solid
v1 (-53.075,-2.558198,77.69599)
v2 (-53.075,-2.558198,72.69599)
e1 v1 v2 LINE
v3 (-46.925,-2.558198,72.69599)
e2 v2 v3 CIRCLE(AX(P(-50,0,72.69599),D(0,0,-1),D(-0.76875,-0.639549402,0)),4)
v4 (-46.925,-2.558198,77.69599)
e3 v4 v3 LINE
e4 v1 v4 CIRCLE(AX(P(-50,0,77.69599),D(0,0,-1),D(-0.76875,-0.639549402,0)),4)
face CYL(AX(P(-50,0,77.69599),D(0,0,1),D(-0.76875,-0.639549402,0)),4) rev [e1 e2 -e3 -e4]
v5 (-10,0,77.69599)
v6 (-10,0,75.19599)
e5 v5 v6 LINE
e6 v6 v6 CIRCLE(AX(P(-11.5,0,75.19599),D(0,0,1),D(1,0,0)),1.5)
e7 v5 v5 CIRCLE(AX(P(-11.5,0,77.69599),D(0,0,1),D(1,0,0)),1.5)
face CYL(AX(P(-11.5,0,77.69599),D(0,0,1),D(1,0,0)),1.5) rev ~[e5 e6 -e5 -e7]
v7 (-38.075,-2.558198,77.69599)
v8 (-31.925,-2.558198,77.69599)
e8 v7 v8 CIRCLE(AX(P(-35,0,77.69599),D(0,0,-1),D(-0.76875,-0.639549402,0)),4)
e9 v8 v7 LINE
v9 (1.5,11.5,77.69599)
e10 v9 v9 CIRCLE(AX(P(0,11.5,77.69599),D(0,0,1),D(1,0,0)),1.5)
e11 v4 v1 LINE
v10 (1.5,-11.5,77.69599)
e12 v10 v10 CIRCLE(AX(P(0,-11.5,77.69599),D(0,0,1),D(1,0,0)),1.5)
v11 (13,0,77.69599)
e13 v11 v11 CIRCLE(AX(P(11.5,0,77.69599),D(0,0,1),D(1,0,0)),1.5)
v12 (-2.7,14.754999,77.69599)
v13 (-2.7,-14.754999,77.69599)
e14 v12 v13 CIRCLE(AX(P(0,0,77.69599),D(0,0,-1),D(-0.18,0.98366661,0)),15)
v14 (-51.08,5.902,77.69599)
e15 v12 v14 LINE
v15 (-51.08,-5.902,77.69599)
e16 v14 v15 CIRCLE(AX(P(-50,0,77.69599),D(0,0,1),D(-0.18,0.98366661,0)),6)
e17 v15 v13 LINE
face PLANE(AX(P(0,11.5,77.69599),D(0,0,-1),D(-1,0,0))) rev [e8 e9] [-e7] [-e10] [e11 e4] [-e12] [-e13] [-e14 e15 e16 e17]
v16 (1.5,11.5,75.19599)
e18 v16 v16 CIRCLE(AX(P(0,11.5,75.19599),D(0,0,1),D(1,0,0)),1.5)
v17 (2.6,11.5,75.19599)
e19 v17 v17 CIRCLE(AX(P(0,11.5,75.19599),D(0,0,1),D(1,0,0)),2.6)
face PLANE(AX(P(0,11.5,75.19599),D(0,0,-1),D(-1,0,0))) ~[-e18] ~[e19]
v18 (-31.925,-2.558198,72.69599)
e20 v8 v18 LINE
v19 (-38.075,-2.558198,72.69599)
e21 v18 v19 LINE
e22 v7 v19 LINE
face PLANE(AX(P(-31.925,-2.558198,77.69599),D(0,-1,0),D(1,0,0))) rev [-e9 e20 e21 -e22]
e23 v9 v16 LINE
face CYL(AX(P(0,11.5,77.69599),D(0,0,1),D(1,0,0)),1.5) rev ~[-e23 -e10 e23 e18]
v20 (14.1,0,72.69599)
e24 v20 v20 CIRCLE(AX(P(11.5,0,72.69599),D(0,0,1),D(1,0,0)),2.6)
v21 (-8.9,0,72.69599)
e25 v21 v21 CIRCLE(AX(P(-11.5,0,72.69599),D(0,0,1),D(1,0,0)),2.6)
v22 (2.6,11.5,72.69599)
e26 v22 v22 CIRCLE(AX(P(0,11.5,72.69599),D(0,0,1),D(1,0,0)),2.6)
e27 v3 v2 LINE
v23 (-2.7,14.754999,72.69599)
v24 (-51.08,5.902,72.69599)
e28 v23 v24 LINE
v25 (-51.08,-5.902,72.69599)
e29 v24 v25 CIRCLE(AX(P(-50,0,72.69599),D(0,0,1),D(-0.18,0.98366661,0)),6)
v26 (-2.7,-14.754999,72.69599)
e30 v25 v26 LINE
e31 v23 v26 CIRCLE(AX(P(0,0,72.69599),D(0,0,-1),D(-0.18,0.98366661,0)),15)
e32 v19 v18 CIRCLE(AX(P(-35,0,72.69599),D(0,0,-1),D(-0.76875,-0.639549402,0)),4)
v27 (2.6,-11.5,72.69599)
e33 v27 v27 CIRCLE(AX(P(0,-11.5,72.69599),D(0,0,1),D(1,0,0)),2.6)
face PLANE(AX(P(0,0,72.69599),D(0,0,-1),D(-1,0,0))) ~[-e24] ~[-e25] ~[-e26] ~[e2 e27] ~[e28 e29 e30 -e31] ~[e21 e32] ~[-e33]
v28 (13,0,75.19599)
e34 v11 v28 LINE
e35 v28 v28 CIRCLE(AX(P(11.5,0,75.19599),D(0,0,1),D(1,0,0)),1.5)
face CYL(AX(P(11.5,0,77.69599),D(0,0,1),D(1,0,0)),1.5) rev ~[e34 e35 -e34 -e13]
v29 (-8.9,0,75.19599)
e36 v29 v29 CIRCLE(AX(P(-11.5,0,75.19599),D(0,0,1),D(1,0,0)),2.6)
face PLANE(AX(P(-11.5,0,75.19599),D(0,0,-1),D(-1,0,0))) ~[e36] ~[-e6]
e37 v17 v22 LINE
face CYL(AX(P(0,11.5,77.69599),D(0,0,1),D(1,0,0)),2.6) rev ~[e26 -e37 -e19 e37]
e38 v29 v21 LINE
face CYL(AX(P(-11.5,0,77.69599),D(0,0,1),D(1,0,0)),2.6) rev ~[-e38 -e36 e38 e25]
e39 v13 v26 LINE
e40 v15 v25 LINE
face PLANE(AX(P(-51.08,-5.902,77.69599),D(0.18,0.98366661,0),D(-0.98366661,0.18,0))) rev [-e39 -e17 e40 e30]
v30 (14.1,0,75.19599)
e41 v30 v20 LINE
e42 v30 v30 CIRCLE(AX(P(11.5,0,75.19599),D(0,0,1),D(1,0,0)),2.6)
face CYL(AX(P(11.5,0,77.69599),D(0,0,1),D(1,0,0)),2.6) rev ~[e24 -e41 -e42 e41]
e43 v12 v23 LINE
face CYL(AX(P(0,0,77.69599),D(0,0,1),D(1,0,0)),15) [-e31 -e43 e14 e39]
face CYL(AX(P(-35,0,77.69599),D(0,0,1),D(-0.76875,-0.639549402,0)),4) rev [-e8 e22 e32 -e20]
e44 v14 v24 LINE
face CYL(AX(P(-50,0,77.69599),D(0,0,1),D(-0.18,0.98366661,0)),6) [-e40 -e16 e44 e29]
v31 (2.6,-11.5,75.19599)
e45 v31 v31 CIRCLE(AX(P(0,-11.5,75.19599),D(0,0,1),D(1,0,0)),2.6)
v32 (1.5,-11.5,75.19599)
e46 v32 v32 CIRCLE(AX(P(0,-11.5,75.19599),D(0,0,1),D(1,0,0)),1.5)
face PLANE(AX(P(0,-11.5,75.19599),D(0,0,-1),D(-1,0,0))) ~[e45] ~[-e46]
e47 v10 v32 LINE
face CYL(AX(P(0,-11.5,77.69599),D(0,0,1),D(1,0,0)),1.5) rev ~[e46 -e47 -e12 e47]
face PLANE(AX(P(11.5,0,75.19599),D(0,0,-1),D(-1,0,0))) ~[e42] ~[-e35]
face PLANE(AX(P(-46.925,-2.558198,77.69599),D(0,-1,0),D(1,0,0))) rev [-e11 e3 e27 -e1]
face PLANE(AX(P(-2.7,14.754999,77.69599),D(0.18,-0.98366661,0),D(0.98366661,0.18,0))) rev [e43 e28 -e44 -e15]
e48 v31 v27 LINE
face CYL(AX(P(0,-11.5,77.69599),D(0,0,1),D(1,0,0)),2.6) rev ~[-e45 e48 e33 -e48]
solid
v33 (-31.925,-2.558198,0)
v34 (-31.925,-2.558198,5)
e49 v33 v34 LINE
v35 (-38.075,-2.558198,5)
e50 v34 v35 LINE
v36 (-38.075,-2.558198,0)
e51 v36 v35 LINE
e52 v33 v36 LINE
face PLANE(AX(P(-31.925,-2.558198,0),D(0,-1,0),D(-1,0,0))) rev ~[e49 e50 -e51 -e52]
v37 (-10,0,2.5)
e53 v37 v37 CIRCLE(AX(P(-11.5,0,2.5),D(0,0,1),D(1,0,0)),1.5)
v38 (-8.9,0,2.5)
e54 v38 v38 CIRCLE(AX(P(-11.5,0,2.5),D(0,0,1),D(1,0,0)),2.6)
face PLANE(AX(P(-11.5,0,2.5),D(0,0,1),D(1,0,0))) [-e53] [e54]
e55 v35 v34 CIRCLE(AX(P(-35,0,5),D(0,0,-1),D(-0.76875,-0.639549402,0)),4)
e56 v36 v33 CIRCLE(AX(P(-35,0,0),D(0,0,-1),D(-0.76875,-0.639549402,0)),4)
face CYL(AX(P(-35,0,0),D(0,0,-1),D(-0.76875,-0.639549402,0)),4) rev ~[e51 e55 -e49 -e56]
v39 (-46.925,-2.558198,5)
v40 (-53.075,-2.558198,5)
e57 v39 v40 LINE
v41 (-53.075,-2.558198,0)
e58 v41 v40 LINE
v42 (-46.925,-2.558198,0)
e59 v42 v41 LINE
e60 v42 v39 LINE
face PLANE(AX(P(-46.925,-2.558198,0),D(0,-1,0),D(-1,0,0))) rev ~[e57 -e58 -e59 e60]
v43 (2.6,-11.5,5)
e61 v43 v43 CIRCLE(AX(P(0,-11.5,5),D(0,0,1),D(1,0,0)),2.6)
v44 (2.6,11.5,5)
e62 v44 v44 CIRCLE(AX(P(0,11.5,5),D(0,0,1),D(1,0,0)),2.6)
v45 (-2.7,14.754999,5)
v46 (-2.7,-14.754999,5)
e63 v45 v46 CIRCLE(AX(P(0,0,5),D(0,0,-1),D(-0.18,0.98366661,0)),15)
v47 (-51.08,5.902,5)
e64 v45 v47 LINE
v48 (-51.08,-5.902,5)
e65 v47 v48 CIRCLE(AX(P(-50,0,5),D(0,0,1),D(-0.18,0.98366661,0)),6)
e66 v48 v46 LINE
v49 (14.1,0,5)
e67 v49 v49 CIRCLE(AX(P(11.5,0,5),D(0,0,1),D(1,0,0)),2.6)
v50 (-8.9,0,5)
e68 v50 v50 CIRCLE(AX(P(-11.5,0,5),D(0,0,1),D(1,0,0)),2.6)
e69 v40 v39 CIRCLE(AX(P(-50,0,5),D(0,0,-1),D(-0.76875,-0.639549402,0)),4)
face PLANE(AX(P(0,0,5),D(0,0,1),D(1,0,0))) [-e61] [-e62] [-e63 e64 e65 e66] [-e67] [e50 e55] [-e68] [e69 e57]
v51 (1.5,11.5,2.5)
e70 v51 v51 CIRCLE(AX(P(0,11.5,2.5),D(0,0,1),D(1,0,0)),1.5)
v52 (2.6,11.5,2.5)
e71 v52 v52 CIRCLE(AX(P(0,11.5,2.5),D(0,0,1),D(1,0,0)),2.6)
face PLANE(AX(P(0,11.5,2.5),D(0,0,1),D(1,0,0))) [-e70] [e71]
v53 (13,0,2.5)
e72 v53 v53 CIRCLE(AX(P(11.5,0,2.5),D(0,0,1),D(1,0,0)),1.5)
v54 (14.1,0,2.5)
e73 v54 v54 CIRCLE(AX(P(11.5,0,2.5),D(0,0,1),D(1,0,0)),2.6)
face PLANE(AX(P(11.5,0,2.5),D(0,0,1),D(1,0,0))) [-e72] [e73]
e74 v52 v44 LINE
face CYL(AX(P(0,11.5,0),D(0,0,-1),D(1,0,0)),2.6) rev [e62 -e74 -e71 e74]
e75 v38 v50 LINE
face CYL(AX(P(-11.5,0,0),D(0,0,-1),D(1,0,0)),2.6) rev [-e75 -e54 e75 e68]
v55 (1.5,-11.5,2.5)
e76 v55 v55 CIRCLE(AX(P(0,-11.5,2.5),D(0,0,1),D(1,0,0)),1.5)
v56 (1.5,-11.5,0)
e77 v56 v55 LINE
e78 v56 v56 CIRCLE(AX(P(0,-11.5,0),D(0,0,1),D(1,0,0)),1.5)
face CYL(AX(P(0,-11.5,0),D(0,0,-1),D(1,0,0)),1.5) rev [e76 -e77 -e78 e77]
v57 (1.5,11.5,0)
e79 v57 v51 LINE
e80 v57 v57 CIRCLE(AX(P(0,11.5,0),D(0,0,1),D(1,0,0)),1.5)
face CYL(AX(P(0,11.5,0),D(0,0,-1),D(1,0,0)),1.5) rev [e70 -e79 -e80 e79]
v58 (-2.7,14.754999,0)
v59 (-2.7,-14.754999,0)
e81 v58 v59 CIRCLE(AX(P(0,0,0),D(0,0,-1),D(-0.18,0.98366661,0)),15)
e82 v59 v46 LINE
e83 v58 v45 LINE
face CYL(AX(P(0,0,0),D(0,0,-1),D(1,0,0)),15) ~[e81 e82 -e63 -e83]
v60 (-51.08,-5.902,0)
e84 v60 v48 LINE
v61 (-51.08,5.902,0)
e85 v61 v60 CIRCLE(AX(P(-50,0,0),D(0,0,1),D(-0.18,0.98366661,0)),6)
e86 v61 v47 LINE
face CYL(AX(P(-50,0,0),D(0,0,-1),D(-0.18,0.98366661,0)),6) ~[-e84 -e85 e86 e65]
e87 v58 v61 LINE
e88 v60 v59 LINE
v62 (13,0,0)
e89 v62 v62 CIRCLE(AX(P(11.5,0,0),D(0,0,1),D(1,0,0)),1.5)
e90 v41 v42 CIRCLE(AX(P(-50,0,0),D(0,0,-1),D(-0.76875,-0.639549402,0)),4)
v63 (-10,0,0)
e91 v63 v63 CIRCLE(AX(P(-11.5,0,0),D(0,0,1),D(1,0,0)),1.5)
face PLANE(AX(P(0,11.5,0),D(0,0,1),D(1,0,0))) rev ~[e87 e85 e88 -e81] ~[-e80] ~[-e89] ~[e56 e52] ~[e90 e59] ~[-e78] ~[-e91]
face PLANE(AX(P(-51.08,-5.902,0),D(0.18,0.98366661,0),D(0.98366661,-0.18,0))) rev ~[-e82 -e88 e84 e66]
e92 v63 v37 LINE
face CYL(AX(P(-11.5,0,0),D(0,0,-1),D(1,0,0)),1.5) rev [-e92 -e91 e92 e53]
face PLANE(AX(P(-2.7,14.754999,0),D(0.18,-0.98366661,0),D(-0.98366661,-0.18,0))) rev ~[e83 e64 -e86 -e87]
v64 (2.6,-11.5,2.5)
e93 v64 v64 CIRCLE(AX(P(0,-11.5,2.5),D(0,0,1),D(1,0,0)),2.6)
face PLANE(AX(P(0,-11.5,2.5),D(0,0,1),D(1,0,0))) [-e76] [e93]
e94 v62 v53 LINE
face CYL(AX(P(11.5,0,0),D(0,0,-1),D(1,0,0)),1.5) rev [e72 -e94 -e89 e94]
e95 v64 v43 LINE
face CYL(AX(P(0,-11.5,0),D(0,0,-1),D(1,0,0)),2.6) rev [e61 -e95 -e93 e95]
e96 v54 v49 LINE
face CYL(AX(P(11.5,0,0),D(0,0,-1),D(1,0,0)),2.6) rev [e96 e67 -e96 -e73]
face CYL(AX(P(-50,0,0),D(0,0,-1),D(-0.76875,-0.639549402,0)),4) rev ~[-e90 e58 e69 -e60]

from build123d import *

# Parameters (mm, degrees)
SKETCH1_R           = 15
SKETCH1_R_2         = 2.6
BOSS_EXTRUDE1_DEPTH = 5
SKETCH1_3_R         = 2.6
SKETCH1_3_R_2       = 1.5
BOSS_EXTRUDE2_DEPTH = 2.5
BOSS_EXTRUDE3_DEPTH = 5


with BuildPart() as part:
    # Sketch1 → Boss-Extrude1 (new body)
    with BuildSketch(Plane.XY):
        Circle(SKETCH1_R)
        with Locations((-11.5, 0)):
            Circle(SKETCH1_R_2, mode=Mode.SUBTRACT)
        with Locations((0, -11.5)):
            Circle(SKETCH1_R_2, mode=Mode.SUBTRACT)
        with Locations((11.5, 0)):
            Circle(SKETCH1_R_2, mode=Mode.SUBTRACT)
        with Locations((0, 11.5)):
            Circle(SKETCH1_R_2, mode=Mode.SUBTRACT)
    extrude(amount=BOSS_EXTRUDE1_DEPTH)

    # Sketch1<3> → Boss-Extrude2 (add)
    # profile 1 of 4: a face of its own
    with BuildSketch(Plane.XY):
        with Locations((0, 11.5)):
            Circle(SKETCH1_3_R)
        with Locations((0, 11.5)):
            Circle(SKETCH1_3_R_2, mode=Mode.SUBTRACT)
    # profile 2 of 4: a face of its own
    with BuildSketch(Plane.XY):
        with Locations((-11.5, 0)):
            Circle(SKETCH1_3_R)
        with Locations((-11.5, 0)):
            Circle(SKETCH1_3_R_2, mode=Mode.SUBTRACT)
    # profile 3 of 4: a face of its own
    with BuildSketch(Plane.XY):
        with Locations((0, -11.5)):
            Circle(SKETCH1_3_R)
        with Locations((0, -11.5)):
            Circle(SKETCH1_3_R_2, mode=Mode.SUBTRACT)
    # profile 4 of 4: a face of its own
    with BuildSketch(Plane.XY):
        with Locations((11.5, 0)):
            Circle(SKETCH1_3_R)
        with Locations((11.5, 0)):
            Circle(SKETCH1_3_R_2, mode=Mode.SUBTRACT)
    extrude(amount=BOSS_EXTRUDE2_DEPTH)

    # Sketch2 → Boss-Extrude3 (add)
    with BuildSketch(Plane.XY):
        with BuildLine():
            Line((-2.7, 14.754999153), (-51.08, 5.901999661))
            ThreePointArc((-51.08, 5.901999661), (-56, 0), (-51.08, -5.901999661))
            Line((-51.08, -5.901999661), (-2.7, -14.754999153))
            ThreePointArc((-2.7, -14.754999153), (-15, 0), (-2.7, 14.754999153))
        make_face()
        with BuildLine():
            Line((-46.925, -2.558197608), (-53.075, -2.558197608))
            ThreePointArc((-53.075, -2.558197608), (-50, 4), (-46.925, -2.558197608))
        make_face(mode=Mode.SUBTRACT)
        with BuildLine():
            Line((-31.925, -2.558197608), (-38.075, -2.558197608))
            ThreePointArc((-38.075, -2.558197608), (-35, 4), (-31.925, -2.558197608))
        make_face(mode=Mode.SUBTRACT)
    extrude(amount=BOSS_EXTRUDE3_DEPTH)


with BuildPart() as body_2:
    # Mirror2: mirrored copy
    add(part.part.mirror(Plane.XY.offset(38.847994838)))


solid = Compound([part.part, body_2.part])
